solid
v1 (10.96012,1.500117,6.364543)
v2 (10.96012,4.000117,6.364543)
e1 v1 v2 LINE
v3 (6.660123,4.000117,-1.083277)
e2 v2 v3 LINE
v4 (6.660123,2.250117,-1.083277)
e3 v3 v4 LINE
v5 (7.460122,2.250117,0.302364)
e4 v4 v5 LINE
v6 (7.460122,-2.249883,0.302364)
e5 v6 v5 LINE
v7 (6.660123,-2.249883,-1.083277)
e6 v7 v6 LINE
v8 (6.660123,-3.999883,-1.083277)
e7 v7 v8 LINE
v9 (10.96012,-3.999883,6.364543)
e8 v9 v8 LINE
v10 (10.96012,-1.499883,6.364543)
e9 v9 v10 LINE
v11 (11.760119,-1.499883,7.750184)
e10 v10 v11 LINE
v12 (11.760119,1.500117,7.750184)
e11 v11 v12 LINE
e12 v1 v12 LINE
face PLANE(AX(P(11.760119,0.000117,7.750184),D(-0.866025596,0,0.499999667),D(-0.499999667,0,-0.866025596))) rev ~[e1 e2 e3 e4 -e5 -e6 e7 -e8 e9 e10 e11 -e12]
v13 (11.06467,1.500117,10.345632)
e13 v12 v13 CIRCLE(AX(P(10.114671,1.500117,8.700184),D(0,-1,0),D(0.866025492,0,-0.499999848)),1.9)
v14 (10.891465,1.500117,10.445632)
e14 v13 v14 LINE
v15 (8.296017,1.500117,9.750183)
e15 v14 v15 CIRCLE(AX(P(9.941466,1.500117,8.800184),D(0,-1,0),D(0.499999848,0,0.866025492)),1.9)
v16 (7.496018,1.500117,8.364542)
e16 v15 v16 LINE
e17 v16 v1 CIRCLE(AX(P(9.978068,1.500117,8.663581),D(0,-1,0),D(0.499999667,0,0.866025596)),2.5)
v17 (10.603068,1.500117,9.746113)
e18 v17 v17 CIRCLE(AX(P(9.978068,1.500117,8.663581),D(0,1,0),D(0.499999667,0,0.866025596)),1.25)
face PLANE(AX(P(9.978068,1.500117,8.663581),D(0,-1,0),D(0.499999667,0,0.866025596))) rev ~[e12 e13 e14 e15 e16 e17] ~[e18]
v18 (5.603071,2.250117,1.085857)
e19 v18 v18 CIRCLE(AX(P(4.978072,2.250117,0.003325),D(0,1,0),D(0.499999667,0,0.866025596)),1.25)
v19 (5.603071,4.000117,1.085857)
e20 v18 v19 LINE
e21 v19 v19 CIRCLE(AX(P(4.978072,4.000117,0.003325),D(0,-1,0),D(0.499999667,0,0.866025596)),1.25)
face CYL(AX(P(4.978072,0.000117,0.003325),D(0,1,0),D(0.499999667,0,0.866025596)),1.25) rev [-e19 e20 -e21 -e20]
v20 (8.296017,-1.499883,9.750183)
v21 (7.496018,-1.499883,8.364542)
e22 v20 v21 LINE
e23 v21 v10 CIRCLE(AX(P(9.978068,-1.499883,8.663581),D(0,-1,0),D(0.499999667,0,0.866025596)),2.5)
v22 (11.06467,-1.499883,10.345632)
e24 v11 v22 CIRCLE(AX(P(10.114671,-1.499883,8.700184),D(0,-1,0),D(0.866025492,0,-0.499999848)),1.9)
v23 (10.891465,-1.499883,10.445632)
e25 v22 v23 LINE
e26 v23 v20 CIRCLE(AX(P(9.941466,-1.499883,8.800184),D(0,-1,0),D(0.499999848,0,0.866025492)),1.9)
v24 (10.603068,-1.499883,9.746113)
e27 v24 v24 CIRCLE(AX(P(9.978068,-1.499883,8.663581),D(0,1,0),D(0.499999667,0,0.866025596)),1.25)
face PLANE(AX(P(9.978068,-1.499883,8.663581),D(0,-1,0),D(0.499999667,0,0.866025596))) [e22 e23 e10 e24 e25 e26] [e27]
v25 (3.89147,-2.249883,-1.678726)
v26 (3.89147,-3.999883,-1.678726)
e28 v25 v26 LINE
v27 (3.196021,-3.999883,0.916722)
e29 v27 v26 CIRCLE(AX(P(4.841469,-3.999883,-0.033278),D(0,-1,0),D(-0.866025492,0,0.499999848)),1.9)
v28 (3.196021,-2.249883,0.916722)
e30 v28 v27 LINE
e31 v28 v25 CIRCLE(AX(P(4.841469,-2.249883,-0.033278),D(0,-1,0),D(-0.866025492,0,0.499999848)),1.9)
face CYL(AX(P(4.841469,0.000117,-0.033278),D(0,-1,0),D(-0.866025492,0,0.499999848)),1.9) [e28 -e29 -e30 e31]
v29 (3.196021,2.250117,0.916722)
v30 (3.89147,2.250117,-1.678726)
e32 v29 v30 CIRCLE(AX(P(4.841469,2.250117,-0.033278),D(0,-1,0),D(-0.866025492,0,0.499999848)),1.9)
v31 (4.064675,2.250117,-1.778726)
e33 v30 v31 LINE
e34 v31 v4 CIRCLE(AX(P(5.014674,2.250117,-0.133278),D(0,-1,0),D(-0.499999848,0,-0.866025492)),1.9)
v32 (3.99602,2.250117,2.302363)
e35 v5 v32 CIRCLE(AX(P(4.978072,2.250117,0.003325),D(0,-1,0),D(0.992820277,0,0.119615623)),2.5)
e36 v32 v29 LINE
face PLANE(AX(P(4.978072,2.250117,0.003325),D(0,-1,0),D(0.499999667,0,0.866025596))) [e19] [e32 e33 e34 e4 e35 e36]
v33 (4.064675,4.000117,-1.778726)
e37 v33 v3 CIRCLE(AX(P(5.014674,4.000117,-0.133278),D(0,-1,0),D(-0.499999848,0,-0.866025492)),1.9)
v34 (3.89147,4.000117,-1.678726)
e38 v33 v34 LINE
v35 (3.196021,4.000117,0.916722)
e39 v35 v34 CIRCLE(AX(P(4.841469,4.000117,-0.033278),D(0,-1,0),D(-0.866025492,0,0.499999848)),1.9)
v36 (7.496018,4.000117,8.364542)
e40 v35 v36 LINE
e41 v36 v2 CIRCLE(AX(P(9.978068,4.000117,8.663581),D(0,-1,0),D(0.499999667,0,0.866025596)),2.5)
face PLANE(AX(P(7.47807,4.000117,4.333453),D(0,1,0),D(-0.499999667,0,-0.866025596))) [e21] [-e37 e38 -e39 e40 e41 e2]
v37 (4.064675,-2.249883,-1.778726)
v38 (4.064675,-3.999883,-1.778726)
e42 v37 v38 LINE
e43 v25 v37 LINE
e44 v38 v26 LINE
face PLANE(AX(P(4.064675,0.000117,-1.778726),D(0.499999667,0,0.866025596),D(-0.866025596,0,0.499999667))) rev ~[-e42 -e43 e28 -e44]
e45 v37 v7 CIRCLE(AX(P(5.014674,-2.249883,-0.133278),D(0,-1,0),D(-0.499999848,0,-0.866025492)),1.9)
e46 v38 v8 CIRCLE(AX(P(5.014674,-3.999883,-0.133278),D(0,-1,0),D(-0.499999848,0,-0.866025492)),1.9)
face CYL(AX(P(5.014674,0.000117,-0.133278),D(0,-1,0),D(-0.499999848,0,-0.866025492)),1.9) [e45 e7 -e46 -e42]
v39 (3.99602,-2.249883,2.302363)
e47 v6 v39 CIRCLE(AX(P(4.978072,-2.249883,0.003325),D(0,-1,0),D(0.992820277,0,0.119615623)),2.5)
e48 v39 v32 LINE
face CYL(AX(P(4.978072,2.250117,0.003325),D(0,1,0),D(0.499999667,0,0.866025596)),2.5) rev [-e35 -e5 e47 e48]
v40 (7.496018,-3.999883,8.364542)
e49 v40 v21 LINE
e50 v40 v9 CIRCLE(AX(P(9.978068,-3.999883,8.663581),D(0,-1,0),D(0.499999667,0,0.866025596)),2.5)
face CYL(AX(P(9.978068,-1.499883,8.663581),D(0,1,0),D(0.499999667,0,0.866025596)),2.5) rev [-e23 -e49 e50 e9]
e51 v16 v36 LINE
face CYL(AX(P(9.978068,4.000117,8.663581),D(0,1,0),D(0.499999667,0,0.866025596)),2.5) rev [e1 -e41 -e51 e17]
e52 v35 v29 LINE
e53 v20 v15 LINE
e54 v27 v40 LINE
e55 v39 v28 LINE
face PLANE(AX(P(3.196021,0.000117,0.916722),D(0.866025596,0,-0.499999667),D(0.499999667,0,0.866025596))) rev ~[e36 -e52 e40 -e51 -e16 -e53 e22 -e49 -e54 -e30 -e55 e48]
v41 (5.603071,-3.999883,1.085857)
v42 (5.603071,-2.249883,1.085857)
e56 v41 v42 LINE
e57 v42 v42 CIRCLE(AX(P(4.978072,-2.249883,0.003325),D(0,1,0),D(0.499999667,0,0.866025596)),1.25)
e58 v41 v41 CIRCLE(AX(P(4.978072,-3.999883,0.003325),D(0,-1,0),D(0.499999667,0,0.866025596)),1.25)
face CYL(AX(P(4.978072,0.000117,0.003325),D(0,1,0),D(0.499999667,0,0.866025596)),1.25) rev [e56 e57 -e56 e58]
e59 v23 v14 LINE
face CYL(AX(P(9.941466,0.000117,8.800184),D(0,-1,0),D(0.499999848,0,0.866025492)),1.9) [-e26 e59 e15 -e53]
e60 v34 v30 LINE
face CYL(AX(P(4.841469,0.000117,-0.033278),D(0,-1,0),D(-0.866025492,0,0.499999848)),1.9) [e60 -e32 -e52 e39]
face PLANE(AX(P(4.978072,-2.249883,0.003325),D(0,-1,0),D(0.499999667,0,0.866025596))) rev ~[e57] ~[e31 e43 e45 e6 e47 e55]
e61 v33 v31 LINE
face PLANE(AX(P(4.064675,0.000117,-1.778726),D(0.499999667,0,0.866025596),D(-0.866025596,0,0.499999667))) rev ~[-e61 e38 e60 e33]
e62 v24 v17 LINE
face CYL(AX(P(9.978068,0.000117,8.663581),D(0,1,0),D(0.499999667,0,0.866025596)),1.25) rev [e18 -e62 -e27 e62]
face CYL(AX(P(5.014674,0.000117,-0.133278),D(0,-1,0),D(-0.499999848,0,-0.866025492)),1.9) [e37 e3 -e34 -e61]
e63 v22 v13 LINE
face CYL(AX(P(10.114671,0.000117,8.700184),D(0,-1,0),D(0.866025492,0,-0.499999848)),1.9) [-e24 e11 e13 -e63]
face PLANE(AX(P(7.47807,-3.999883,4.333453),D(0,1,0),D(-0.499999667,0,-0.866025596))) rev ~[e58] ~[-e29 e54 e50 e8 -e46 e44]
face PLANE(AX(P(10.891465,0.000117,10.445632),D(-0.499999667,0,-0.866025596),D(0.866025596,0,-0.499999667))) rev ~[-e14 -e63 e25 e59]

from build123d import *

# Parameters (mm, degrees)
CYLINDER001_R          = 2.5
CYLINDER001_DEPTH      = 2.5
CYLINDER001_ROLL_ANGLE = 90
CYLINDER002_R          = 2.5
CYLINDER002_DEPTH      = 2.5
CYLINDER002_ROLL_ANGLE = 90
CYLINDER_R             = 2.5
CYLINDER_DEPTH         = 4.5
CYLINDER_ROLL_ANGLE    = 90
SKETCH_R               = 1.25
PAD001_DEPTH           = 4
CUT001_PITCH_ANGLE     = -60.000022


with BuildPart() as cylinder001:
    # Cylinder001 → Cylinder001 (new body)
    with BuildSketch(Plane.XY):
        Circle(CYLINDER001_R)
    extrude(amount=CYLINDER001_DEPTH)


with BuildPart() as cylinder001_1:
    # Cylinder001 roll: moved
    add(cylinder001.part.rotate(Axis((0, 0, 0), (1, 0, 0)), CYLINDER001_ROLL_ANGLE))


with BuildPart() as cylinder001_2:
    # Cylinder001 placement: moved
    add(cylinder001_1.part.moved(Location((5, 4, 0))))


with BuildPart() as cylinder002:
    # Cylinder002 → Cylinder002 (new body)
    with BuildSketch(Plane.XY):
        Circle(CYLINDER002_R)
    extrude(amount=CYLINDER002_DEPTH)


with BuildPart() as cylinder002_1:
    # Cylinder002 roll: moved
    add(cylinder002.part.rotate(Axis((0, 0, 0), (1, 0, 0)), CYLINDER002_ROLL_ANGLE))


with BuildPart() as cylinder002_2:
    # Cylinder002 placement: moved
    add(cylinder002_1.part.moved(Location((5, -1.5, 0))))


with BuildPart() as axes_cutout001:
    # Cylinder → Cylinder (new body)
    with BuildSketch(Plane.XY):
        Circle(CYLINDER_R)
    extrude(amount=CYLINDER_DEPTH)


with BuildPart() as axes_cutout001_1:
    # Cylinder roll: moved
    add(axes_cutout001.part.rotate(Axis((0, 0, 0), (1, 0, 0)), CYLINDER_ROLL_ANGLE))


with BuildPart() as axes_cutout001_2:
    # Cylinder placement: moved
    add(axes_cutout001_1.part.moved(Location((-5, 2.25, 0))))

    # Fusion001: union Cylinder001, Cylinder002
    add(cylinder001_2.part)
    add(cylinder002_2.part)


with BuildPart() as track_shape001:
    # Sketch → Pad001 (new body, symmetric)
    with BuildSketch(Plane.XZ):
        with BuildLine():
            Line((-5.1, 2), (5.1, 2))
            ThreePointArc((7, 0.1), (6.443503, 1.443503), (5.1, 2))
            Line((7, 0.1), (7, -0.1))
            ThreePointArc((5.1, -2), (6.443503, -1.443503), (7, -0.1))
            Line((5.1, -2), (-5.1, -2))
            ThreePointArc((-7, -0.1), (-6.443503, -1.443503), (-5.1, -2))
            Line((-7, -0.1), (-7, 0.1))
            ThreePointArc((-5.1, 2), (-6.443503, 1.443503), (-7, 0.1))
        make_face()
        with Locations((-5, 0)):
            Circle(SKETCH_R, mode=Mode.SUBTRACT)
        with Locations((5, 0)):
            Circle(SKETCH_R, mode=Mode.SUBTRACT)
    extrude(amount=PAD001_DEPTH, both=True)

    # Cut001: cut axes-cutout001
    add(axes_cutout001_2.part, mode=Mode.SUBTRACT)


with BuildPart() as track_shape001_1:
    # Cut001 pitch: moved
    add(track_shape001.part.rotate(Axis((0, 0, 0), (0, 1, 0)), CUT001_PITCH_ANGLE))


with BuildPart() as track_shape001_2:
    # Cut001 placement: moved
    add(track_shape001_1.part.moved(Location((7.47807, 0.000117, 4.333453))))


solid = track_shape001_2.part
